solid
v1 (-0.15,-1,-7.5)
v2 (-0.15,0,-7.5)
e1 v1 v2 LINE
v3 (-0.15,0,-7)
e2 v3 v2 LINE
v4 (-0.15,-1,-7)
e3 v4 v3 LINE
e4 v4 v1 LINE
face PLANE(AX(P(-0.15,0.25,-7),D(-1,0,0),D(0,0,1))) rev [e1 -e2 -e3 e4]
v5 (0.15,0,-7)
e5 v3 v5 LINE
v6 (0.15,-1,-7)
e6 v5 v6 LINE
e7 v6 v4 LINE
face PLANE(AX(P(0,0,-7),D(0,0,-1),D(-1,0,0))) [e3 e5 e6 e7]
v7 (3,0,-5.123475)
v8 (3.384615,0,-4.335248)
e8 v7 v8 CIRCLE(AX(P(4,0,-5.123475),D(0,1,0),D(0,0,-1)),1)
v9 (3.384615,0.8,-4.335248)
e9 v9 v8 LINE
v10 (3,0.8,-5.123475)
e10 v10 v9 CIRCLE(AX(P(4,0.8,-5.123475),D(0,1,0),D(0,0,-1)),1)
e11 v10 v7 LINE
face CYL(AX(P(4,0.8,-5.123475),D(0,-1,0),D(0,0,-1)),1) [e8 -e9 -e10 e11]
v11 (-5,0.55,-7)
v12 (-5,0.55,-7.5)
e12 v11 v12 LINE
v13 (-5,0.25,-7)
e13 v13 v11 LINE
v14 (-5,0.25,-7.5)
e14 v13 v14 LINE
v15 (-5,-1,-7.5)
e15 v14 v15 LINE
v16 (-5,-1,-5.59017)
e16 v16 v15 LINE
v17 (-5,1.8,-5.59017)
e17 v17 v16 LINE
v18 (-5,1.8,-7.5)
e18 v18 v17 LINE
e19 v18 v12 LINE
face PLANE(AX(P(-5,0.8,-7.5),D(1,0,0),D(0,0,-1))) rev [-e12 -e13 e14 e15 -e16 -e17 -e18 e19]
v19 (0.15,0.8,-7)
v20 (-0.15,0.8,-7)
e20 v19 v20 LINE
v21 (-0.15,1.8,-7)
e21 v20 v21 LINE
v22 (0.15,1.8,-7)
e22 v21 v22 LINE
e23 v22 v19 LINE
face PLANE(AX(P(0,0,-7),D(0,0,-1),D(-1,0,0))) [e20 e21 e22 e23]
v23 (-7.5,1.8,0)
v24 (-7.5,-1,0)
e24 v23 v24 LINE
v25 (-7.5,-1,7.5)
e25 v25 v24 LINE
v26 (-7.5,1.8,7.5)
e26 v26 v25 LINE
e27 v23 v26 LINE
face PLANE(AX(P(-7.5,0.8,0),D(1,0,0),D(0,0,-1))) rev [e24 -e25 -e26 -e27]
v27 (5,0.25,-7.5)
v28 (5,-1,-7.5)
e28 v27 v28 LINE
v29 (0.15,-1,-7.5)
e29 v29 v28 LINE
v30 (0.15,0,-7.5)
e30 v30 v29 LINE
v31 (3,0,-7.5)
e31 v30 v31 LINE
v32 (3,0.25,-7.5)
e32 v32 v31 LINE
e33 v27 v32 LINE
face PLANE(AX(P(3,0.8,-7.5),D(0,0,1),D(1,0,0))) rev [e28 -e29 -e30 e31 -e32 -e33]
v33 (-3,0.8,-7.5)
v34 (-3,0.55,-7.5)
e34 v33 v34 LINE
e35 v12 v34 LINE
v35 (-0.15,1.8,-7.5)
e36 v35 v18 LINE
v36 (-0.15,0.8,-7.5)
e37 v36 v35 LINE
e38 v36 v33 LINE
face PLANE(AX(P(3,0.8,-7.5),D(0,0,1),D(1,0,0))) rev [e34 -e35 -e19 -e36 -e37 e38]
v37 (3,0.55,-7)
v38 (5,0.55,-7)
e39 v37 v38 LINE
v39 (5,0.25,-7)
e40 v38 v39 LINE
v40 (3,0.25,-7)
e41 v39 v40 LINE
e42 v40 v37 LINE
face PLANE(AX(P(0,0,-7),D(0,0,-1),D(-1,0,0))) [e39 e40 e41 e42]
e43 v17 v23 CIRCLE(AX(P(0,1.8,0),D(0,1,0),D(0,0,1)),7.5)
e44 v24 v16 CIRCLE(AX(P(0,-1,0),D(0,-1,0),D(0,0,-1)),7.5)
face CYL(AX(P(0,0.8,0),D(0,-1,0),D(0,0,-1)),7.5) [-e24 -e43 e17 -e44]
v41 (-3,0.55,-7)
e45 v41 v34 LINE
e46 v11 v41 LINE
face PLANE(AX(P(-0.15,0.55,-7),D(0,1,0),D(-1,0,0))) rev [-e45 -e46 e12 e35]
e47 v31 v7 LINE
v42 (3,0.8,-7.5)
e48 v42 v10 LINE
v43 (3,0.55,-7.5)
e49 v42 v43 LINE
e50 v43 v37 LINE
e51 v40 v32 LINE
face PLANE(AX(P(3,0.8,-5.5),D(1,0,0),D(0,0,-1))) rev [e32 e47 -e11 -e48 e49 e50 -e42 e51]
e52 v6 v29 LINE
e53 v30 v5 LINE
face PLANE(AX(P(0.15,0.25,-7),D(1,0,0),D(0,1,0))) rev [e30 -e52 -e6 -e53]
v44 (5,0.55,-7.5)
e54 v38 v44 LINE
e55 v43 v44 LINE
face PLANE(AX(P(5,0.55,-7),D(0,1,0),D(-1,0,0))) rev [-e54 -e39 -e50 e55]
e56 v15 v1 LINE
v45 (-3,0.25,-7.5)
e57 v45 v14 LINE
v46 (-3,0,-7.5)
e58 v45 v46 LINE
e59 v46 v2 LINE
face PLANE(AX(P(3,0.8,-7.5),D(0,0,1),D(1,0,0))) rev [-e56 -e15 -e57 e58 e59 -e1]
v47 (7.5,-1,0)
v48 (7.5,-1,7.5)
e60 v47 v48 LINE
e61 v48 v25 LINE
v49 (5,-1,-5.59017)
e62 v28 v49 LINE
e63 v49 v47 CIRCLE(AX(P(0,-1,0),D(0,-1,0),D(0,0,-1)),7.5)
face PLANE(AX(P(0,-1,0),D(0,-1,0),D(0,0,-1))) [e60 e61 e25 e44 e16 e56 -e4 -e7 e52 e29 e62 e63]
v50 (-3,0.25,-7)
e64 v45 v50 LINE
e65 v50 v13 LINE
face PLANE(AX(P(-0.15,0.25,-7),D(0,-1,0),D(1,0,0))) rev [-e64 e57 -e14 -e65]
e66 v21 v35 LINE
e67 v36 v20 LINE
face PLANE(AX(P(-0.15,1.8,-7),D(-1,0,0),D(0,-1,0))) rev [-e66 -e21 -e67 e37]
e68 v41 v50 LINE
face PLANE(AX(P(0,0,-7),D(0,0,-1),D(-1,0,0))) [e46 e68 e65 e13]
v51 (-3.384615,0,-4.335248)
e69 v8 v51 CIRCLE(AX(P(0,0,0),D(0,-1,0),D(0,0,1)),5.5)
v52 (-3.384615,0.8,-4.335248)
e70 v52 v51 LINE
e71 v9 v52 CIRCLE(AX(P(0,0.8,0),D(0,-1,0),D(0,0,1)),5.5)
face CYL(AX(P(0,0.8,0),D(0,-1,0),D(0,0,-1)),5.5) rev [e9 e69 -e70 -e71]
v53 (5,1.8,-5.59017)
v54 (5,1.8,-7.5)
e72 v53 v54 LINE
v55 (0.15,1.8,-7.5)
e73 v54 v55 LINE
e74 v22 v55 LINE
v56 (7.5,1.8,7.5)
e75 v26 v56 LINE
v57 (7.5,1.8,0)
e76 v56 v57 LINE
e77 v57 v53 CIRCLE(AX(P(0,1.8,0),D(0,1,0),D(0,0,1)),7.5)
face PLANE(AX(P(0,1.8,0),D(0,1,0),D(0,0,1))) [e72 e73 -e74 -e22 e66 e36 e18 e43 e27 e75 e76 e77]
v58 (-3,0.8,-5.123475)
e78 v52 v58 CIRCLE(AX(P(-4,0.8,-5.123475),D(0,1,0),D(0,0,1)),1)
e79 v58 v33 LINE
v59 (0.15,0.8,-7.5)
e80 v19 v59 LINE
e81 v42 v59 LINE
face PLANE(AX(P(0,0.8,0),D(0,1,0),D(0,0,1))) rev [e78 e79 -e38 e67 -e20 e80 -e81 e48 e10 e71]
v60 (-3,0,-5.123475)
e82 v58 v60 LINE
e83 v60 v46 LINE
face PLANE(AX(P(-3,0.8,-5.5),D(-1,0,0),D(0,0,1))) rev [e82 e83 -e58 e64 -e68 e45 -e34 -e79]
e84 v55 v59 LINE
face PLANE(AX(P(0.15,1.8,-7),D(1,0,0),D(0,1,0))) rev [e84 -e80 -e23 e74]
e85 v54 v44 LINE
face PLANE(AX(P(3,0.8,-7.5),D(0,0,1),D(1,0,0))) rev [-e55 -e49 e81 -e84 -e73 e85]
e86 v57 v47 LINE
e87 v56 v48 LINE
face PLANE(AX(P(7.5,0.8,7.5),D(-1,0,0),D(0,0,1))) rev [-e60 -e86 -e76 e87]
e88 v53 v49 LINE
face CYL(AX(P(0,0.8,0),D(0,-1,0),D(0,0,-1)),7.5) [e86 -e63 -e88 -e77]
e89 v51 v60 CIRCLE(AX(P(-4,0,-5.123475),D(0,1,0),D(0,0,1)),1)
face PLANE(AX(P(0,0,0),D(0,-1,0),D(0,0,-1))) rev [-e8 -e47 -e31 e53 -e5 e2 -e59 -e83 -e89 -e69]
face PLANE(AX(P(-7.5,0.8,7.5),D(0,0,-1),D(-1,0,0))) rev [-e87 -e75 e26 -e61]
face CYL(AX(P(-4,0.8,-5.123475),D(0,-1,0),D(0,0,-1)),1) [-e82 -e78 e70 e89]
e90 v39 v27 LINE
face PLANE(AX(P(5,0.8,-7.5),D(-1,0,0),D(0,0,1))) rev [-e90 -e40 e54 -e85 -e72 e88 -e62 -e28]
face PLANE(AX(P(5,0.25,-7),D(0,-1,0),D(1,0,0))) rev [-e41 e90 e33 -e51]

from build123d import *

# Parameters (mm, degrees)
BOSS_EXTRUDE1_DEPTH = 0.8
BOSS_EXTRUDE2_DEPTH = 1
BOSS_EXTRUDE3_START = 1
BOSS_EXTRUDE3_DEPTH = 1
CUT_EXTRUDE1_DEPTH  = 0.5


with BuildPart() as part:
    # Sketch1 → Boss-Extrude1 (new body)
    with BuildSketch(Plane(origin=(0, 0, 0), x_dir=(1, 0, 0), z_dir=(0, 1, 0))):
        with BuildLine():
            Line((-5, 7.5), (-5, 5.590169944))
            ThreePointArc((-5, 5.590169944), (-6.846531969, 3.061862178), (-7.5, 0))
            Line((-7.5, 0), (-7.5, -7.5))
            Line((-7.5, -7.5), (7.5, -7.5))
            Line((7.5, -7.5), (7.5, 0))
            ThreePointArc((7.5, 0), (6.846531969, 3.061862178), (5, 5.590169944))
            Line((5, 5.590169944), (5, 7.5))
            Line((5, 7.5), (3, 7.5))
            Line((3, 7.5), (3, 5.5))
            Line((3, 5.5), (3, 5.123475383))
            ThreePointArc((3, 5.123475383), (3.101282966, 4.684946373), (3.384615385, 4.335248401))
            ThreePointArc((3.384615385, 4.335248401), (0, -5.5), (-3.384615385, 4.335248401))
            ThreePointArc((-3.384615385, 4.335248401), (-3.101282966, 4.684946373), (-3, 5.123475383))
            Line((-3, 5.123475383), (-3, 5.5))
            Line((-3, 5.5), (-3, 7.5))
            Line((-3, 7.5), (-5, 7.5))
        make_face()
    extrude(amount=BOSS_EXTRUDE1_DEPTH)

    # Sketch2 → Boss-Extrude2 (add)
    with BuildSketch(Plane(origin=(0, 0.8, 0), x_dir=(1, 0, 0), z_dir=(0, 1, 0))):
        with BuildLine():
            Line((5, 5.590169944), (5, 7.5))
            Line((5, 7.5), (3, 7.5))
            Line((3, 7.5), (-3, 7.5))
            Line((-3, 7.5), (-5, 7.5))
            Line((-5, 7.5), (-5, 5.590169944))
            ThreePointArc((-5, 5.590169944), (-6.846531969, 3.061862178), (-7.5, 0))
            Line((-7.5, 0), (-7.5, -7.5))
            Line((-7.5, -7.5), (7.5, -7.5))
            Line((7.5, -7.5), (7.5, 0))
            ThreePointArc((7.5, 0), (6.846531969, 3.061862178), (5, 5.590169944))
        make_face()
    extrude(amount=BOSS_EXTRUDE2_DEPTH)

    # Sketch3 → Boss-Extrude3 (add)
    with BuildSketch(Plane.XZ.offset(BOSS_EXTRUDE3_START)):
        with BuildLine():
            Line((-3, -7.5), (-5, -7.5))
            Line((-5, -7.5), (-5, -5.590169944))
            ThreePointArc((-5, -5.590169944), (-6.846531969, -3.061862178), (-7.5, 0))
            Line((-7.5, 0), (-7.5, 7.5))
            Line((-7.5, 7.5), (7.5, 7.5))
            Line((7.5, 7.5), (7.5, 0))
            ThreePointArc((7.5, 0), (6.846531969, -3.061862178), (5, -5.590169944))
            Line((5, -5.590169944), (5, -7.5))
            Line((5, -7.5), (3, -7.5))
            Line((3, -7.5), (-3, -7.5))
        make_face()
    extrude(amount=-BOSS_EXTRUDE3_DEPTH)

    # Sketch4 → Cut-Extrude1 (cut)
    with BuildSketch(Plane(origin=(0, 0, -7.5), x_dir=(-1, 0, 0), z_dir=(0, 0, -1))):
        Polygon((-5, 0.55), (-0.15, 0.55), (-0.15, 1.8), (0.15, 1.8), (0.15, 0.55), (5, 0.55), (5, 0.25), (0.15, 0.25), (0.15, -1), (-0.15, -1), (-0.15, 0.25), (-5, 0.25), align=None)
    extrude(amount=-CUT_EXTRUDE1_DEPTH, mode=Mode.SUBTRACT)


solid = part.part
